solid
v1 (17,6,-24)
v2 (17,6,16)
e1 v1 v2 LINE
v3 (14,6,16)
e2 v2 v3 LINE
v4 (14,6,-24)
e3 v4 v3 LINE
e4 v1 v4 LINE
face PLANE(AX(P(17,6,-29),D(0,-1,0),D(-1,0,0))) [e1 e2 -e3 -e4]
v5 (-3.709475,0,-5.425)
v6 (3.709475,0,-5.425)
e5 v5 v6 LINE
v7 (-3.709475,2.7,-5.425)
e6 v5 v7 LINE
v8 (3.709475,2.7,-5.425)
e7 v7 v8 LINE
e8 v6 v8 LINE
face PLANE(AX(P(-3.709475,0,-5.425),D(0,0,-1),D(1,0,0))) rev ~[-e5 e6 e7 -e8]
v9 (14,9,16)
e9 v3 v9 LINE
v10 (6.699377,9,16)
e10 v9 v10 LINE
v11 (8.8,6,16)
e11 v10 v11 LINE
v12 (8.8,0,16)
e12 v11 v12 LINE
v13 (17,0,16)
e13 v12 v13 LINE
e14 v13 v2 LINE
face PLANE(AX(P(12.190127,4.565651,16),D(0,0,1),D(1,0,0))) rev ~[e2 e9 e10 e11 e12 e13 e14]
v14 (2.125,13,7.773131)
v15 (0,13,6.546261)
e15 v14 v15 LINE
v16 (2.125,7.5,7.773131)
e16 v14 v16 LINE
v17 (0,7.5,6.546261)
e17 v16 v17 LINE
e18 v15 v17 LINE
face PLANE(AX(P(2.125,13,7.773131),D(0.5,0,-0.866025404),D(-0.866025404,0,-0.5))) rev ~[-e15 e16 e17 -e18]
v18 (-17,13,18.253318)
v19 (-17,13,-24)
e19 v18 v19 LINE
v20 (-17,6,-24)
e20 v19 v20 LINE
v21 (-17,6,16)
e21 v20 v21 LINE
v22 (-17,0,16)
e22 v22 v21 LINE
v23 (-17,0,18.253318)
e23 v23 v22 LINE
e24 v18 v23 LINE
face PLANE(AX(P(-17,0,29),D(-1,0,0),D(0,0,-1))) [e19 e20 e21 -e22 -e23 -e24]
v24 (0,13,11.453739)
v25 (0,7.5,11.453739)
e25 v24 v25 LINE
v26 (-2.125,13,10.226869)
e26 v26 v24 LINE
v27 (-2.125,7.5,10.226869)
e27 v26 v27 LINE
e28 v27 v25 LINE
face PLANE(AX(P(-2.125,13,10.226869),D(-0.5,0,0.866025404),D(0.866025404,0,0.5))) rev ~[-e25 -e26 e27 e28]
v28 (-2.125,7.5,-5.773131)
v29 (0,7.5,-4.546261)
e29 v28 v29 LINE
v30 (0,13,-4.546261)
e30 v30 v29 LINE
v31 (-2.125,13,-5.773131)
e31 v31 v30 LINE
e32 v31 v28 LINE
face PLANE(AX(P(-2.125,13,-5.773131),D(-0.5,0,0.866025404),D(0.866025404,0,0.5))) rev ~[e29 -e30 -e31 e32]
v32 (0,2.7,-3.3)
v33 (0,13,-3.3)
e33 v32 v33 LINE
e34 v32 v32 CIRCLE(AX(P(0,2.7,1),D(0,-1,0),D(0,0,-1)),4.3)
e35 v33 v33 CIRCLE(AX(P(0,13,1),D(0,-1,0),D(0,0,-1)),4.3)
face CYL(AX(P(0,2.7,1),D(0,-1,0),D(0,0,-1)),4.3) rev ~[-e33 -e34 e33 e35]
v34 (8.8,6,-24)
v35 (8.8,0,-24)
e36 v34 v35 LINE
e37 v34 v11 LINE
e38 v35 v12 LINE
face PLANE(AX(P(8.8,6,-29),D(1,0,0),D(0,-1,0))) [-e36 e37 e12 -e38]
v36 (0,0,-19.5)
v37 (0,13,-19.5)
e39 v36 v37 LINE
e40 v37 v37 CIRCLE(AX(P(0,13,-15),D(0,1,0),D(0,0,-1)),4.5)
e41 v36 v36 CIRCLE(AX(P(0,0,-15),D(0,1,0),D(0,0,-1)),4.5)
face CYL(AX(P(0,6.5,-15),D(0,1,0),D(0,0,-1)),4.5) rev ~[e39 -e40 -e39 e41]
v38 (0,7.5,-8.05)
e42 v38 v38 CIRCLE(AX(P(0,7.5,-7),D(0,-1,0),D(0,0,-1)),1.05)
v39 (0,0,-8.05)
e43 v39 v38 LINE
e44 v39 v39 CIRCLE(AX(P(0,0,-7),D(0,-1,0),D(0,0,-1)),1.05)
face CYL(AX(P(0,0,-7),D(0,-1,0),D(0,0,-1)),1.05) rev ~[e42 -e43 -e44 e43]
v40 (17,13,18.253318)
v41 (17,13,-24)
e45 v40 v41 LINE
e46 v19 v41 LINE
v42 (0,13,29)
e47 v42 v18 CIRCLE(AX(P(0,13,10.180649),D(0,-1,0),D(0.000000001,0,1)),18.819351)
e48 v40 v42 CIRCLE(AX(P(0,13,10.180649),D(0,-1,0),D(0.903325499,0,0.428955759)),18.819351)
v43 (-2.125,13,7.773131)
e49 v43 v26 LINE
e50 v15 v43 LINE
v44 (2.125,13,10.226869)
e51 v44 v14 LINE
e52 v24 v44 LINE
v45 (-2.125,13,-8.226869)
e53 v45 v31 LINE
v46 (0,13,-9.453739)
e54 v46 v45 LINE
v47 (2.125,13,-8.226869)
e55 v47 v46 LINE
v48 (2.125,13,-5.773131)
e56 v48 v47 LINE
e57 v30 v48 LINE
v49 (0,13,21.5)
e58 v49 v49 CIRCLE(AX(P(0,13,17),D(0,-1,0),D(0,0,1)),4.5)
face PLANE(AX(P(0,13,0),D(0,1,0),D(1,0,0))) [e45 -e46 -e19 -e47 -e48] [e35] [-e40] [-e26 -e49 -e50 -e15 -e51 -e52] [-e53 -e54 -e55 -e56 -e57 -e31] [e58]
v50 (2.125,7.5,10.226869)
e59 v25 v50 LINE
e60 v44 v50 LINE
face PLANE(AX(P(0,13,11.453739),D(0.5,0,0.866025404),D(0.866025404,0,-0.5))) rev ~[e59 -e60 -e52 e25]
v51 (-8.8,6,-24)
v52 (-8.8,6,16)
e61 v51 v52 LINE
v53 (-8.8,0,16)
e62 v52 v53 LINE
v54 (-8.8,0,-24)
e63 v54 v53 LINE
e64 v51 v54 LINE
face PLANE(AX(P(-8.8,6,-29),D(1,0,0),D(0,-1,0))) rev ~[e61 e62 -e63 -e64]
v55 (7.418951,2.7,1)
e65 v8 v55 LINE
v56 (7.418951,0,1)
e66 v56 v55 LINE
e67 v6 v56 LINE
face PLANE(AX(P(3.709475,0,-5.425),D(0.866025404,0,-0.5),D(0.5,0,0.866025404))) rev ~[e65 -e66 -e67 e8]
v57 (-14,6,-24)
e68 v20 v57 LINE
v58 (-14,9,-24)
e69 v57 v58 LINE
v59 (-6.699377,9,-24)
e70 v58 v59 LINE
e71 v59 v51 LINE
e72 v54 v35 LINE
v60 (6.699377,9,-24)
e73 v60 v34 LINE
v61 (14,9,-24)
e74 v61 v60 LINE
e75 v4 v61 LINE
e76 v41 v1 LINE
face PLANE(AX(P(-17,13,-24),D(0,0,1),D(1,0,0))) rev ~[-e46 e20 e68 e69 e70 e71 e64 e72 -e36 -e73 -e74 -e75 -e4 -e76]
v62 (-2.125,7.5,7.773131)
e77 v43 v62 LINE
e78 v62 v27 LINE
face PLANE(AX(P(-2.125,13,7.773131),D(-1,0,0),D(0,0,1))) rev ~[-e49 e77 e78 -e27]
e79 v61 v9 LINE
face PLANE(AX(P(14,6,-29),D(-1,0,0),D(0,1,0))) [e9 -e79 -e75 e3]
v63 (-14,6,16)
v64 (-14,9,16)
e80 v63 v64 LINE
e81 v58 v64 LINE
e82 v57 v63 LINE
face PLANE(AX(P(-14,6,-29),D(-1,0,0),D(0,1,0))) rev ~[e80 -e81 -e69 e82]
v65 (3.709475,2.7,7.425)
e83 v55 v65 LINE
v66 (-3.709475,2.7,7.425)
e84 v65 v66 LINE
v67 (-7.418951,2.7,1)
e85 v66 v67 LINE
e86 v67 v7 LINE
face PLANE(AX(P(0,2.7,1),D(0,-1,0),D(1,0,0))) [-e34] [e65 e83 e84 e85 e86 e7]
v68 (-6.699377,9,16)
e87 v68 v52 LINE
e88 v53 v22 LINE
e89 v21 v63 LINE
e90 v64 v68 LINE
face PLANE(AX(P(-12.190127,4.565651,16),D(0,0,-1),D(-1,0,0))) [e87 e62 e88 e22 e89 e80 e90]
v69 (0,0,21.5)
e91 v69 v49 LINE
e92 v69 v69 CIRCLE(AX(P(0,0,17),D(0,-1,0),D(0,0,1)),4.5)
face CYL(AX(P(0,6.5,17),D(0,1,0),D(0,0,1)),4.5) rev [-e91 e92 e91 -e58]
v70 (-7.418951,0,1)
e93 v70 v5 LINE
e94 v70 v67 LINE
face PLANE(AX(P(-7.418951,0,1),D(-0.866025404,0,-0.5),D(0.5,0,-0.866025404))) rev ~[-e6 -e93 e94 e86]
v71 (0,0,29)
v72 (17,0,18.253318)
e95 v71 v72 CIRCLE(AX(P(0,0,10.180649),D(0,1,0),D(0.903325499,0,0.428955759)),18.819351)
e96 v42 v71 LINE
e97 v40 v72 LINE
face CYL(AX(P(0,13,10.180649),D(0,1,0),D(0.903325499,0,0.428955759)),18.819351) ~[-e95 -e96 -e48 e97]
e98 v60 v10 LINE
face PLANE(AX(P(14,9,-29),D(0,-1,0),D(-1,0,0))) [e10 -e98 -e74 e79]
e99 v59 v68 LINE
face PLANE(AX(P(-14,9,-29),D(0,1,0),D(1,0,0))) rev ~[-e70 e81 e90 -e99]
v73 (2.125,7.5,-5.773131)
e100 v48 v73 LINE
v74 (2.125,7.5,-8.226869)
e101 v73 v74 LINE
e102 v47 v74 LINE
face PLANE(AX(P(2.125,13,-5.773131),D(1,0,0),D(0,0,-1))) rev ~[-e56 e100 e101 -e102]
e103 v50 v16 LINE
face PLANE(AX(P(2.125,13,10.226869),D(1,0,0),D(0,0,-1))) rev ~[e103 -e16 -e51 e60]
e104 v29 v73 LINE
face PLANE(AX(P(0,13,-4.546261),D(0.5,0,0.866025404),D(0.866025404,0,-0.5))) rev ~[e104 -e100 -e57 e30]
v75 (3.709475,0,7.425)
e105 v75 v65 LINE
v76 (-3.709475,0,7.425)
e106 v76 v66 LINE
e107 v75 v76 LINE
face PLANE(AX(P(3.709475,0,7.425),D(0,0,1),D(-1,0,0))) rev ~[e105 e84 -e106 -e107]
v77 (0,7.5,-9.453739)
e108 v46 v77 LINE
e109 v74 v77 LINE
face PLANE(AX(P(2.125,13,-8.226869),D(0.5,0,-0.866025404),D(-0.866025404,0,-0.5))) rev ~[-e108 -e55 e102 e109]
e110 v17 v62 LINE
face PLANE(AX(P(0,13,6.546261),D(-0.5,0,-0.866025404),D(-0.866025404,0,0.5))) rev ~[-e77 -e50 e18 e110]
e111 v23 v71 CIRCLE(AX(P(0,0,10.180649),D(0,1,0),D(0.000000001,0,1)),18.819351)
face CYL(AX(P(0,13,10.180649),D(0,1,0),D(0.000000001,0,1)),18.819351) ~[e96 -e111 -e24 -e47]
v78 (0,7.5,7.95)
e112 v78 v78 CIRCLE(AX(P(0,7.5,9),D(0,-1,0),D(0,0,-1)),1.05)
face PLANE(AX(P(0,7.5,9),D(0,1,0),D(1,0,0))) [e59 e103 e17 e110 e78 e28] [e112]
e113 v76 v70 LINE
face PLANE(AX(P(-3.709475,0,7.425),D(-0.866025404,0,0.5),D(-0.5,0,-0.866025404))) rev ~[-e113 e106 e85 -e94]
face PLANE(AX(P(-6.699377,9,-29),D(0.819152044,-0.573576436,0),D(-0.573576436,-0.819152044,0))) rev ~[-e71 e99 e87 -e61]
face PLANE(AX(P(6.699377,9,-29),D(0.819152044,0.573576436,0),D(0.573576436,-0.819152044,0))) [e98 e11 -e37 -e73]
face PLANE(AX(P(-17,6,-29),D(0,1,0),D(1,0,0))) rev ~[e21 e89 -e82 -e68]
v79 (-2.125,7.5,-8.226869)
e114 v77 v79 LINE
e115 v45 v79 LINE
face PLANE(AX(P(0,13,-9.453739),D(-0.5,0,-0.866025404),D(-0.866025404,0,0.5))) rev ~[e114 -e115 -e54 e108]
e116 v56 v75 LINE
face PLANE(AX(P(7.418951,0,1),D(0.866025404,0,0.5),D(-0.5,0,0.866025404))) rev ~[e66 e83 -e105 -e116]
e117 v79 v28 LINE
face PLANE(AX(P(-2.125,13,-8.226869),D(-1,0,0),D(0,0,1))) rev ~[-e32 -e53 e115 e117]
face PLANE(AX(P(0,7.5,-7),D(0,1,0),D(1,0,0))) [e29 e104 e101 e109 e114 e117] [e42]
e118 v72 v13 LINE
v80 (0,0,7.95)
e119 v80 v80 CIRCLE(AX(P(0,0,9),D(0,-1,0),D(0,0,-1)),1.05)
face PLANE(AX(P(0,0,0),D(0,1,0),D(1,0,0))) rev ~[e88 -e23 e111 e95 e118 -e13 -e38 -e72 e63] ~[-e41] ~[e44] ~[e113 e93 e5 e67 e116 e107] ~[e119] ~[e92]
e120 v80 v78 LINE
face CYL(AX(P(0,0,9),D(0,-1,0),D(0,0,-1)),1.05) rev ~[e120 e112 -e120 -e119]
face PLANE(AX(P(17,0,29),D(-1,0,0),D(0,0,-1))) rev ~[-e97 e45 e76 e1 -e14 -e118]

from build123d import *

# Parameters (mm, degrees)
SKETCH1_W           = 34
SKETCH1_H           = 58
BOSS_EXTRUDE1_DEPTH = 13
SKETCH3_W           = 4.5
SKETCH3_H           = 13
CUT_EXTRUDE1_DEPTH  = 2.7
SKETCH5_R           = 4.3
CUT_EXTRUDE2_DEPTH  = 36.158071619
SKETCH12_W          = 4.5
SKETCH12_H          = 13
CUT_EXTRUDE3_DEPTH  = 45
CUT_EXTRUDE4_DEPTH  = 37.041642582
SKETCH9_R           = 1.05
CUT_EXTRUDE6_DEPTH  = 13
CUT_EXTRUDE7_DEPTH  = 5.5
SKETCH13_W          = 34
SKETCH13_H          = 5
CUT_EXTRUDE8_DEPTH  = 15


with BuildPart() as part:
    # Sketch1 → Boss-Extrude1 (new body)
    with BuildSketch(Plane(origin=(0, 0, 0), x_dir=(1, 0, 0), z_dir=(0, 1, 0))):
        Rectangle(SKETCH1_W, SKETCH1_H)
    extrude(amount=BOSS_EXTRUDE1_DEPTH)

    # Sketch3 → Cut-Revolve1 (revolve, cut)
    with BuildSketch(Plane(origin=(0, 0, 0), x_dir=(0, 0, -1), z_dir=(1, 0, 0)), mode=Mode.PRIVATE) as cut_revolve1_sk:
        with Locations((-14.75, 6.5)):
            Rectangle(SKETCH3_W, SKETCH3_H)
    revolve(cut_revolve1_sk.sketch.rotate(Axis((0, 13, 17), (0, -1, 0)), 180), axis=Axis((0, 13, 17), (0, -1, 0)), mode=Mode.SUBTRACT)

    # Sketch4 → Cut-Extrude1 (cut)
    with BuildSketch(Plane.XZ):
        Polygon((3.70947548, -5.425), (7.418950959, 1), (3.70947548, 7.425), (-3.70947548, 7.425), (-7.418950959, 1), (-3.70947548, -5.425), align=None)
    extrude(amount=-CUT_EXTRUDE1_DEPTH, mode=Mode.SUBTRACT)

    # Sketch5 → Cut-Extrude2 (cut, through all)
    with BuildSketch(Plane.XZ.offset(-2.7)):
        with Locations(Location((0, 1, 0), (0, 0, 270))):
            Circle(SKETCH5_R)
    extrude(amount=-CUT_EXTRUDE2_DEPTH, mode=Mode.SUBTRACT)

    # Sketch12 → Cut-Revolve2 (revolve, cut)
    with BuildSketch(Plane(origin=(0, 0, 0), x_dir=(0, 0, -1), z_dir=(1, 0, 0))):
        with Locations((17.25, 6.5)):
            Rectangle(SKETCH12_W, SKETCH12_H)
    revolve(axis=Axis((0, 0, -15), (0, 1, 0)), mode=Mode.SUBTRACT)

    # Sketch6 → Cut-Extrude3 (cut)
    with BuildSketch(Plane(origin=(0, 0, -29), x_dir=(-1, 0, 0), z_dir=(0, 0, -1))):
        Polygon((-17, 6), (-14, 6), (-14, 9), (-6.699377385, 9), (-8.8, 6), (-8.8, 0), (-17, 0), align=None)
        Polygon((8.8, 0), (17, 0), (17, 6), (14, 6), (14, 9), (6.699377385, 9), (8.8, 6), align=None)
    extrude(amount=-CUT_EXTRUDE3_DEPTH, mode=Mode.SUBTRACT)

    # Sketch7 → Cut-Extrude4 (cut, through all)
    with BuildSketch(Plane(origin=(0, 13, 0), x_dir=(1, 0, 0), z_dir=(0, 1, 0))):
        with BuildLine():
            Line((17, -29), (17, -18.253317763))
            ThreePointArc((17, -18.253317763), (10.05598304, -26.088042865), (1.4e-08, -29))
            Line((1.4e-08, -29), (17, -29))
        make_face()
        with BuildLine():
            Line((-17, -29), (1.4e-08, -29))
            ThreePointArc((1.4e-08, -29), (-10.055983028, -26.088042873), (-17, -18.253317763))
            Line((-17, -18.253317763), (-17, -29))
        make_face()
    extrude(amount=-CUT_EXTRUDE4_DEPTH, mode=Mode.SUBTRACT)

    # Sketch9 → Cut-Extrude6 (cut)
    with BuildSketch(Plane.XZ):
        with Locations(Location((0, -7, 0), (0, 0, 270))):
            Circle(SKETCH9_R)
        with Locations(Location((0, 9, 0), (0, 0, 270))):
            Circle(SKETCH9_R)
    extrude(amount=-CUT_EXTRUDE6_DEPTH, mode=Mode.SUBTRACT)

    # Sketch10 → Cut-Extrude7 (cut)
    with BuildSketch(Plane(origin=(0, 13, 0), x_dir=(1, 0, 0), z_dir=(0, 1, 0))):
        Polygon((0, -6.546261356), (-2.125, -7.773130678), (-2.125, -10.226869322), (0, -11.453738644), (2.125, -10.226869322), (2.125, -7.773130678), align=None)
        Polygon((0, 9.453738644), (-2.125, 8.226869322), (-2.125, 5.773130678), (0, 4.546261356), (2.125, 5.773130678), (2.125, 8.226869322), align=None)
    extrude(amount=-CUT_EXTRUDE7_DEPTH, mode=Mode.SUBTRACT)

    # Sketch13 → Cut-Extrude8 (cut)
    with BuildSketch(Plane(origin=(0, 13, 0), x_dir=(1, 0, 0), z_dir=(0, 1, 0))):
        with Locations((0, 26.5)):
            Rectangle(SKETCH13_W, SKETCH13_H)
    extrude(amount=-CUT_EXTRUDE8_DEPTH, mode=Mode.SUBTRACT)


solid = part.part
